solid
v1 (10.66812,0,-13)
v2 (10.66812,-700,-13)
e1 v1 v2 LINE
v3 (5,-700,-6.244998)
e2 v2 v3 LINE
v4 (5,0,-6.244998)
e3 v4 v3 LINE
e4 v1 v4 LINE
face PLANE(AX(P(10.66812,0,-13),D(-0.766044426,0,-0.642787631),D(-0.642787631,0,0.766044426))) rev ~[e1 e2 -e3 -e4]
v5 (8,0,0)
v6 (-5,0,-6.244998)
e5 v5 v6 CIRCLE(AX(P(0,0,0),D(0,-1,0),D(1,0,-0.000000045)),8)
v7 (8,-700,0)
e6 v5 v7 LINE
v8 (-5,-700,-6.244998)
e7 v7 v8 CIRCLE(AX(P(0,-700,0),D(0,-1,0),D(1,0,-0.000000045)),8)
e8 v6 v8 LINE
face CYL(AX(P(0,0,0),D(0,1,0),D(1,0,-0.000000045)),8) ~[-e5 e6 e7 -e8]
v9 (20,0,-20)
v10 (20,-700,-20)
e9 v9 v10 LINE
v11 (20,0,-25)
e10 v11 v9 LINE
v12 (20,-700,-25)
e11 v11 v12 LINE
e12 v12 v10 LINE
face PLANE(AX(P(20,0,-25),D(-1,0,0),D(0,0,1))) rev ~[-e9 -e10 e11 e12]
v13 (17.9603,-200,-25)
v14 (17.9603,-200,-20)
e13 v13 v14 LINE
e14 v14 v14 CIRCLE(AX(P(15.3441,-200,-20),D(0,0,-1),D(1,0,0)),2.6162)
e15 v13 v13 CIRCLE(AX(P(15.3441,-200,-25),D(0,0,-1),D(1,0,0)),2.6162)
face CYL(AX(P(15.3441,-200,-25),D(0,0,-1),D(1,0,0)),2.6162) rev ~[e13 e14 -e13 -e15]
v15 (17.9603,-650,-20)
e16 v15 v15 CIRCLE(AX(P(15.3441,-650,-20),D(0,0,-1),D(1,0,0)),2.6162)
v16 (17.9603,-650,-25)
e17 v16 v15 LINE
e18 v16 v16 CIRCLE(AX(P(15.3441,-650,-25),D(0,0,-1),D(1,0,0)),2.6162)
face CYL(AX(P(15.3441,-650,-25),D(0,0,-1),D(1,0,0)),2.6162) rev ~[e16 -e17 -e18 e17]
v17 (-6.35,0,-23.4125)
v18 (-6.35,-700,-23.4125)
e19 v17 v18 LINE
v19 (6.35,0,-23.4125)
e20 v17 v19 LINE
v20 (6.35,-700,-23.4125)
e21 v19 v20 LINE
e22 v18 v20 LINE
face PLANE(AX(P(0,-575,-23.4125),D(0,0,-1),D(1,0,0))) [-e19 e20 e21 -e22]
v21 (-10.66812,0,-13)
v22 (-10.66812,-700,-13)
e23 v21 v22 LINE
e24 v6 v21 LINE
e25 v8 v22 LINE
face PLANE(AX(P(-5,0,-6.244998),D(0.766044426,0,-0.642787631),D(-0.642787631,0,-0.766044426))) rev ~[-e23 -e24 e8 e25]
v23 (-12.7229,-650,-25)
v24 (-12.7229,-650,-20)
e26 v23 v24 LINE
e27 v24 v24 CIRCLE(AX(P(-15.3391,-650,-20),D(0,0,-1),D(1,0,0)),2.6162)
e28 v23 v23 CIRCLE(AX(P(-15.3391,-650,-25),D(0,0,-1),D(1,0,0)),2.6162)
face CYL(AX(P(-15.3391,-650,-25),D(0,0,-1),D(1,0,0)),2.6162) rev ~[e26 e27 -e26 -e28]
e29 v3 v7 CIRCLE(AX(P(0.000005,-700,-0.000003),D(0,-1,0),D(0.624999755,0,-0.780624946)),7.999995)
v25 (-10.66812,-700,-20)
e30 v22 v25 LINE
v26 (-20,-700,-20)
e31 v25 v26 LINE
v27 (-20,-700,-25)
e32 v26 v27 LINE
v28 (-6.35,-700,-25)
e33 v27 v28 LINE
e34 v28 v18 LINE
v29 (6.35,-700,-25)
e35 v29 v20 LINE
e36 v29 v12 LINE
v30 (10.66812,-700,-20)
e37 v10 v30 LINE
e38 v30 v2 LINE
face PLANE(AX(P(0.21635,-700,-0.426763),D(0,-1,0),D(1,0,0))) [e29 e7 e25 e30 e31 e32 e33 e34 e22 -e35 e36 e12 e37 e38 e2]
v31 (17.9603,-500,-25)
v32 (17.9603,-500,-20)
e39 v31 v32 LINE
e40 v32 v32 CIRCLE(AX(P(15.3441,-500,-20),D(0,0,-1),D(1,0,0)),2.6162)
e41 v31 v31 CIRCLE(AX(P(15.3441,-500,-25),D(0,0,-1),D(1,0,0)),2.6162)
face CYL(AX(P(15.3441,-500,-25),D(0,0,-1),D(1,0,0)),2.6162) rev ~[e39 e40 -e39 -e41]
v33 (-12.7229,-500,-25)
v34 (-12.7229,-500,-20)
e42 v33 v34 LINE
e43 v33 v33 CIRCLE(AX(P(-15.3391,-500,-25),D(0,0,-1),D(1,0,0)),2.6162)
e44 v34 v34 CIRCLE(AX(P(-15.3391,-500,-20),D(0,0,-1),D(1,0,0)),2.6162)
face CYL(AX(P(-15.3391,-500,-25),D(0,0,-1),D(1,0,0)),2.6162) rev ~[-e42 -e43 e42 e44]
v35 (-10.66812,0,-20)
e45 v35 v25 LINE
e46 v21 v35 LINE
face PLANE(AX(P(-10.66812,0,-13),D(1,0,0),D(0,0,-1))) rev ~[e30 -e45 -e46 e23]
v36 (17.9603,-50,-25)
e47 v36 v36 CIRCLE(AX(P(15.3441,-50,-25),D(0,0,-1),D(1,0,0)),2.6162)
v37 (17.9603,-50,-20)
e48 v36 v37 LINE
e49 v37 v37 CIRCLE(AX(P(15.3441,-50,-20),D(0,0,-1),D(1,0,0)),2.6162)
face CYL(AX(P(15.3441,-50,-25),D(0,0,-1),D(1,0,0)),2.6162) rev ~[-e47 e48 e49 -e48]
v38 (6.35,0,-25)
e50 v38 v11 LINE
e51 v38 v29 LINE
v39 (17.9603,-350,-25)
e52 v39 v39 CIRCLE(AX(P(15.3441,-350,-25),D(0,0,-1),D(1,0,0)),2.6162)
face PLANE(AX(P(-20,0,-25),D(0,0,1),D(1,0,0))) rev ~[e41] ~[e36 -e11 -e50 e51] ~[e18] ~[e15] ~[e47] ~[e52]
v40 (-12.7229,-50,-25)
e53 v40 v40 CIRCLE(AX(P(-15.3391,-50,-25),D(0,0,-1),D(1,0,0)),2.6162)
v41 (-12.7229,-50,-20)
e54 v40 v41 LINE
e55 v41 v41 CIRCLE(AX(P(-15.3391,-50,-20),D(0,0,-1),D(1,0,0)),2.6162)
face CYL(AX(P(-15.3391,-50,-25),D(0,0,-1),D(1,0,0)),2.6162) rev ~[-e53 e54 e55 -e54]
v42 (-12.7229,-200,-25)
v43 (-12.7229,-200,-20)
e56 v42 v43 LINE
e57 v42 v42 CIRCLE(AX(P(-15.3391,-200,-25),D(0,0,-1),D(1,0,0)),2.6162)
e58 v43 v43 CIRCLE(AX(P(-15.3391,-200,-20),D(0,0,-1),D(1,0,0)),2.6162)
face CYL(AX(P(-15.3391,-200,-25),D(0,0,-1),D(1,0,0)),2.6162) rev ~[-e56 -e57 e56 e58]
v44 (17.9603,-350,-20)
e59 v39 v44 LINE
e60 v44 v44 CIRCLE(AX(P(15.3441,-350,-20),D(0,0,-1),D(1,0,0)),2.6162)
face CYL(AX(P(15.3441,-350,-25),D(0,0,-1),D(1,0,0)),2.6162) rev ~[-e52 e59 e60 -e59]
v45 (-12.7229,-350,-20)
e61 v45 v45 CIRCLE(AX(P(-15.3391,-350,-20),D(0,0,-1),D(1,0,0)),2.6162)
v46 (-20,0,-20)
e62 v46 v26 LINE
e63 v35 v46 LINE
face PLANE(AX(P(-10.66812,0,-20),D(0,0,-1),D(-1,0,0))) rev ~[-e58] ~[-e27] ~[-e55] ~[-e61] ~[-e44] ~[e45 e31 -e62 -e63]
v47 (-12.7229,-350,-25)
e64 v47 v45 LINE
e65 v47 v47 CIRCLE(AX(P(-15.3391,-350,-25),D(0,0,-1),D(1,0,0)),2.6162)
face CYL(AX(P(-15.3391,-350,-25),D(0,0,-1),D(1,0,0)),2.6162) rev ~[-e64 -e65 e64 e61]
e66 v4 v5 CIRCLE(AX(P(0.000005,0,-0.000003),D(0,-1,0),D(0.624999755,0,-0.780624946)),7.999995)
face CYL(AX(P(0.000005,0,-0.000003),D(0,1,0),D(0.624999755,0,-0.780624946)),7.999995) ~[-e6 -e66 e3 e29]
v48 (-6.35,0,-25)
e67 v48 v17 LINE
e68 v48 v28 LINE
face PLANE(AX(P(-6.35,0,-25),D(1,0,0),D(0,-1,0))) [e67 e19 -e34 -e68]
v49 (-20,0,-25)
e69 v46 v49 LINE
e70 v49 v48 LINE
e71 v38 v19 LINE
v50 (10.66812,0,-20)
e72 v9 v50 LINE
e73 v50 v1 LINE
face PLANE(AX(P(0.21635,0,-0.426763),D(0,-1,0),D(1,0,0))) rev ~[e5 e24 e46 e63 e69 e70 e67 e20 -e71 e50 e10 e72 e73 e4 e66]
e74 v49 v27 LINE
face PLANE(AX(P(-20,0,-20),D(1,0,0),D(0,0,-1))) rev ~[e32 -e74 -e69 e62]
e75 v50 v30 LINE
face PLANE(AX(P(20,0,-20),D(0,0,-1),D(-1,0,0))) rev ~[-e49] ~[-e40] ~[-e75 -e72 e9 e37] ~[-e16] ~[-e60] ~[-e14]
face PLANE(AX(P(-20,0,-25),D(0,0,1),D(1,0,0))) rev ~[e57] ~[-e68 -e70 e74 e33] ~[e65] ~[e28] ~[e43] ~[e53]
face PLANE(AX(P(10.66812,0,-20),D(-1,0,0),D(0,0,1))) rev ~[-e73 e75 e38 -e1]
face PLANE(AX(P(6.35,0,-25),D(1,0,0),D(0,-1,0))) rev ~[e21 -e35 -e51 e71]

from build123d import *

# Parameters (mm, degrees)
F1_DEPTH = 700
F2_W     = 12.7
F2_H     = 1150
F3_DEPTH = 1.5875
F4_R     = 2.6162
F5_DEPTH = 33.001


with BuildPart() as f1:
    # F0 (on Front) → F1 (new body)
    with BuildSketch(Plane.XZ):
        with BuildLine():
            ThreePointArc((5, -6.244998), (7.211103, -3.464102), (8, 0))
            ThreePointArc((8, 0), (-3.464102, 7.211103), (-5, -6.244998))
            ThreePointArc((-5, -6.244998), (0, -8), (5, -6.244998))
        make_face()
        with BuildLine():
            ThreePointArc((5, -6.244998), (0, -8), (-5, -6.244998))
            Line((-5, -6.244998), (-10.66812, -13))
            Line((-10.66812, -13), (-10.66812, -20))
            Line((-10.66812, -20), (-20, -20))
            Line((-20, -20), (-20, -25))
            Line((-20, -25), (20, -25))
            Line((20, -25), (20, -20))
            Line((20, -20), (16.541817, -20))
            Line((16.541817, -20), (10.66812, -20))
            Line((10.66812, -20), (10.66812, -13))
            Line((10.66812, -13), (5, -6.244998))
        make_face()
    extrude(amount=F1_DEPTH)

    # F2 (on face) → F3 (cut)
    with BuildSketch(Plane(origin=(0, 0, -25), x_dir=(1, 0, 0), z_dir=(0, 0, -1))):
        with Locations((0, 575)):
            Rectangle(F2_W, F2_H)
    extrude(amount=-F3_DEPTH, mode=Mode.SUBTRACT)

    # F4 (on face) → F5 (cut, through all)
    with BuildSketch(Plane(origin=(0, 0, -25), x_dir=(1, 0, 0), z_dir=(0, 0, -1))):
        with Locations((-15.3391, 350)):
            Circle(F4_R)
        with Locations((15.3441, 350)):
            Circle(F4_R)
        with Locations((15.3441, 650)):
            Circle(F4_R)
        with Locations((-15.3391, 650)):
            Circle(F4_R)
        with Locations((15.3441, 500)):
            Circle(F4_R)
        with Locations((-15.3391, 500)):
            Circle(F4_R)
        with Locations((15.3441, 200)):
            Circle(F4_R)
        with Locations((-15.3391, 200)):
            Circle(F4_R)
        with Locations((15.3441, 50)):
            Circle(F4_R)
        with Locations((-15.3391, 50)):
            Circle(F4_R)
    extrude(amount=-F5_DEPTH, mode=Mode.SUBTRACT)


solid = f1.part
